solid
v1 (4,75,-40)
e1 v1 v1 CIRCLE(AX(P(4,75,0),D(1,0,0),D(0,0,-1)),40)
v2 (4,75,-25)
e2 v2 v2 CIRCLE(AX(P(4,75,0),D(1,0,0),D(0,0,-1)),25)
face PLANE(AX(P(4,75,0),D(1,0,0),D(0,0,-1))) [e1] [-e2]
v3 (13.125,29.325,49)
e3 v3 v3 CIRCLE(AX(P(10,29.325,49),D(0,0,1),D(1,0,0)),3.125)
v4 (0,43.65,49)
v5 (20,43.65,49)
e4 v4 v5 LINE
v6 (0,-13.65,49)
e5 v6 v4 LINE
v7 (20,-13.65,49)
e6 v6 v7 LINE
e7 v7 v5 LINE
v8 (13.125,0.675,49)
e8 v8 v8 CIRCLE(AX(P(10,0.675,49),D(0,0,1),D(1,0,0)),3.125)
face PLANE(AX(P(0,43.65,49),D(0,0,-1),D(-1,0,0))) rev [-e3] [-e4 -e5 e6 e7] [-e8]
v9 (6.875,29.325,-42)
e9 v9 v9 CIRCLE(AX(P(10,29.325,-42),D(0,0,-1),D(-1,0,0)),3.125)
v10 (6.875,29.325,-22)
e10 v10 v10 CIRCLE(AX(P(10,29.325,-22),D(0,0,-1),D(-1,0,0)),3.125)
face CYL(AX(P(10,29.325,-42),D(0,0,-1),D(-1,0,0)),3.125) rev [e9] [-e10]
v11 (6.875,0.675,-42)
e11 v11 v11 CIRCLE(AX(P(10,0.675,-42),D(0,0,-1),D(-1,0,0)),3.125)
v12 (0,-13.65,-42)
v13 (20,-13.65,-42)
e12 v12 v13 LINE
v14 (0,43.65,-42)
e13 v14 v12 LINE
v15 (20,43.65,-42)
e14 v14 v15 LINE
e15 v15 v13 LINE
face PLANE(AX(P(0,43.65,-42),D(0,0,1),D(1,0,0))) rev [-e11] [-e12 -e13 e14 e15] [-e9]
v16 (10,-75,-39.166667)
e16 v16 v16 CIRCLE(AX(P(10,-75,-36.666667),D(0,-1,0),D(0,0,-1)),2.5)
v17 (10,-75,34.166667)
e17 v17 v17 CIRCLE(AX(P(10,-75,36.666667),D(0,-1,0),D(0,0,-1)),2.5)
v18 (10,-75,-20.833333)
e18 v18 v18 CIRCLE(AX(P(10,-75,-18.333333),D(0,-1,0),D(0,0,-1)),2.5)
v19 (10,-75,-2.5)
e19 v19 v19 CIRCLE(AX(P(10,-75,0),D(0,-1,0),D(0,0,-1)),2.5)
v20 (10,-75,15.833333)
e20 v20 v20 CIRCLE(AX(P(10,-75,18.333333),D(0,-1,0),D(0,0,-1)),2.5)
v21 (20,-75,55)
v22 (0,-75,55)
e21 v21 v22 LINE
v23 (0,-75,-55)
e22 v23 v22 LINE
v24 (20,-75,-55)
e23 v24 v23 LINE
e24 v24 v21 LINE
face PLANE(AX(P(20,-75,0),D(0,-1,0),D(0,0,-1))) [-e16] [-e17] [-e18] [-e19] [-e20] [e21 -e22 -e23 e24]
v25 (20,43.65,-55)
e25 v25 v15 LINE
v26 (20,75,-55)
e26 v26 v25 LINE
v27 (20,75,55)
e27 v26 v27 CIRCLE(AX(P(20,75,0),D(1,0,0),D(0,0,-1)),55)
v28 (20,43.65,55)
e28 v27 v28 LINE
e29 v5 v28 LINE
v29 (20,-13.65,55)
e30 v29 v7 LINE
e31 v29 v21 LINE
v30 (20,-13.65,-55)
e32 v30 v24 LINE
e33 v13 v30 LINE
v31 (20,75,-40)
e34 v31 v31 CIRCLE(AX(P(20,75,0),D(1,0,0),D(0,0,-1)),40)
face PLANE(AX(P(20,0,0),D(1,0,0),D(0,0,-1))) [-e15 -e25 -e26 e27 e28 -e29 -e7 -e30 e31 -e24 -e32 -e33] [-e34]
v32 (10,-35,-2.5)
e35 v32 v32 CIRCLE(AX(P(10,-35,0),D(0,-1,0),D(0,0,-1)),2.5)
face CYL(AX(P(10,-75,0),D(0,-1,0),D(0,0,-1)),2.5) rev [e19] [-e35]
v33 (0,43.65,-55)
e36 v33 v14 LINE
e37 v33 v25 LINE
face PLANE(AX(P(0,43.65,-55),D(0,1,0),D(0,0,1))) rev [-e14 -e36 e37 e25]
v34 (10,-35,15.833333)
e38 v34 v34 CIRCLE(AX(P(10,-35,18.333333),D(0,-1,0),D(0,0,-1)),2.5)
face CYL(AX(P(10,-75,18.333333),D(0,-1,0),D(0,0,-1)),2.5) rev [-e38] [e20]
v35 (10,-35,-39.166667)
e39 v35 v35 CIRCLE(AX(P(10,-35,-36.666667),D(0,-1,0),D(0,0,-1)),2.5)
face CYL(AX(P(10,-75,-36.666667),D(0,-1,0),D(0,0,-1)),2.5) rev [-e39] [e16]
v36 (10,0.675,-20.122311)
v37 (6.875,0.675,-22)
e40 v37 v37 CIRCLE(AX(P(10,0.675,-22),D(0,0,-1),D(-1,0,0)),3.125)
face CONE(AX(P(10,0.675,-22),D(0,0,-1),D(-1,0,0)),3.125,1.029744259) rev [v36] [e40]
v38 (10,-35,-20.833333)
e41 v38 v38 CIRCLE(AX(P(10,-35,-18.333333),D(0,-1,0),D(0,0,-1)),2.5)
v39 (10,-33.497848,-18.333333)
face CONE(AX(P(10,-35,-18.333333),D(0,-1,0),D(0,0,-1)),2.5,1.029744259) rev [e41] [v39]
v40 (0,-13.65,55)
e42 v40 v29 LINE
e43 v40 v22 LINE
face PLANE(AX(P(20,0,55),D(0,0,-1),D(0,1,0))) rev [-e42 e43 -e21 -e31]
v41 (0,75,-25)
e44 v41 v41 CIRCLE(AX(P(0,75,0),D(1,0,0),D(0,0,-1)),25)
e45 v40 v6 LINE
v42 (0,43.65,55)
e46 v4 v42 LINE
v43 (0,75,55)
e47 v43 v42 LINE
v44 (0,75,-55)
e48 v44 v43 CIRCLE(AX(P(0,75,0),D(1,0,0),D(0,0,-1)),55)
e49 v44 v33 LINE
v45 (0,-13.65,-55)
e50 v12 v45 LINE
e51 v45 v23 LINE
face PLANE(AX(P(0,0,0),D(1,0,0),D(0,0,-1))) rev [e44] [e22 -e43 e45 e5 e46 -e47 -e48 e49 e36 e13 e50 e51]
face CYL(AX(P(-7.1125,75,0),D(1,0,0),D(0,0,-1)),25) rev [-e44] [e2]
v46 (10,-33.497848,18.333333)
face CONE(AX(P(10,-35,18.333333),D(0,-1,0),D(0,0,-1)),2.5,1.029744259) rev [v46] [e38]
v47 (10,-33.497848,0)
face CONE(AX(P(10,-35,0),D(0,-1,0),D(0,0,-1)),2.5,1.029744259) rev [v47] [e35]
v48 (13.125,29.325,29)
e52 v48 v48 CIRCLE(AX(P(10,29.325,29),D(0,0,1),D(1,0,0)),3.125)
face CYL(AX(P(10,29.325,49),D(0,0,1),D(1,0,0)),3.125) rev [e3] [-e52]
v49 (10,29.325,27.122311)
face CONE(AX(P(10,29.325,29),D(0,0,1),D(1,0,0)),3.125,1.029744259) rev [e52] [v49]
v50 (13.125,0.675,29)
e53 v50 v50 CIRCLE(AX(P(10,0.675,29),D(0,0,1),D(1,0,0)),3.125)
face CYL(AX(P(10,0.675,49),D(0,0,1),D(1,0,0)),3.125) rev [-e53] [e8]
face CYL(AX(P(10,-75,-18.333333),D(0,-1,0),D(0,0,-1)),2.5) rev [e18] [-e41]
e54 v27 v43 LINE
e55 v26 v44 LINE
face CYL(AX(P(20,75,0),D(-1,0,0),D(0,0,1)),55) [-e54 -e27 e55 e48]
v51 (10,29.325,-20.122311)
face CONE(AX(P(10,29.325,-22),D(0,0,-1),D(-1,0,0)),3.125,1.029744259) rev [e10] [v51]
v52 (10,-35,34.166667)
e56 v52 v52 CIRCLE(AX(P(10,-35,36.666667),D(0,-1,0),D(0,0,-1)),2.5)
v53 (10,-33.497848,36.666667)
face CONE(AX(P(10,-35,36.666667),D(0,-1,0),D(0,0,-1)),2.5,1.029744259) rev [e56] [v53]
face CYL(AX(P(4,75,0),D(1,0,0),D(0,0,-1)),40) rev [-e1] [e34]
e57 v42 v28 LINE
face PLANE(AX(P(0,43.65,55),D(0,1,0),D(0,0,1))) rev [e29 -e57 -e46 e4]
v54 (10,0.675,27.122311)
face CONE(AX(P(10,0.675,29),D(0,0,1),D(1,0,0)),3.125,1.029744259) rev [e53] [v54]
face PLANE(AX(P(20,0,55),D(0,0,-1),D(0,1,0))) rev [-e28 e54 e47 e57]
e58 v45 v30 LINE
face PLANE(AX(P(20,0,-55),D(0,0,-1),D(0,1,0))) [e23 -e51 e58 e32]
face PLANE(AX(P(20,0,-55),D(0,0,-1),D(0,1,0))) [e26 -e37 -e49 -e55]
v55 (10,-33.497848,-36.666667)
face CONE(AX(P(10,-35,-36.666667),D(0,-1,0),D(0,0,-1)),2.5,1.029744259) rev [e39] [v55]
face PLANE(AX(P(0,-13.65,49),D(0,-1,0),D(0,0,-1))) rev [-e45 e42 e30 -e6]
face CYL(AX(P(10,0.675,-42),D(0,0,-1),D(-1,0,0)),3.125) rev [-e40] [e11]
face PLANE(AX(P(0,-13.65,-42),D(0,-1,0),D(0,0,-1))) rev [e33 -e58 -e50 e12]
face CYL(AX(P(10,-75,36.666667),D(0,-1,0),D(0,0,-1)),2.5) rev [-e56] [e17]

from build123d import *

# Parameters (mm, degrees)
BOSS_EXTRUDE1_DEPTH              = 20
SKETCH3_R                        = 40
CUT_EXTRUDE1_DEPTH               = 16
SKETCH4_R                        = 25
CUT_EXTRUDE2_DEPTH               = 11.1125
TAP_DRILL_FOR_M6X1_0_TAP2_D      = 5
TAP_DRILL_FOR_M6X1_0_TAP2_DEPTH  = 40
TAP_DRILL_FOR_M6X1_0_TAP2_TIP    = 1.502151548
SKETCH12_W                       = 6
SKETCH12_H                       = 57.3
SKETCH12_W_2                     = 13
CUT_EXTRUDE3_DEPTH               = 20
TAP_DRILL_FOR_M6_HELICOIL1_D     = 6.25
TAP_DRILL_FOR_M6_HELICOIL1_DEPTH = 20
TAP_DRILL_FOR_M6_HELICOIL1_TIP   = 1.877689434
TAP_DRILL_FOR_M6_HELICOIL2_D     = 6.25
TAP_DRILL_FOR_M6_HELICOIL2_DEPTH = 20
TAP_DRILL_FOR_M6_HELICOIL2_TIP   = 1.877689434


with BuildPart() as part:
    # Sketch2 → Boss-Extrude1 (new body)
    with BuildSketch(Plane(origin=(0, 0, 0), x_dir=(0, 0, -1), z_dir=(1, 0, 0))):
        with BuildLine():
            Line((55, -75), (55, 75))
            ThreePointArc((55, 75), (0, 20), (-55, 75))
            Line((-55, 75), (-55, -75))
            Line((-55, -75), (55, -75))
        make_face()
        with BuildLine():
            ThreePointArc((-55, 75), (0, 20), (55, 75))
            Line((55, 75), (-55, 75))
        make_face()
        with BuildLine():
            Line((-55, 75), (55, 75))
            ThreePointArc((55, 75), (0, 130), (-55, 75))
        make_face()
    extrude(amount=BOSS_EXTRUDE1_DEPTH)

    # Sketch3 → Cut-Extrude1 (cut)
    with BuildSketch(Plane(origin=(20, 0, 0), x_dir=(0, 0, -1), z_dir=(1, 0, 0))):
        with Locations((0, 75)):
            Circle(SKETCH3_R)
    extrude(amount=-CUT_EXTRUDE1_DEPTH, mode=Mode.SUBTRACT)

    # Sketch4 → Cut-Extrude2 (cut)
    with BuildSketch(Plane(origin=(4, 0, 0), x_dir=(0, 0, -1), z_dir=(1, 0, 0))):
        with Locations((0, 75)):
            Circle(SKETCH4_R)
    extrude(amount=-CUT_EXTRUDE2_DEPTH, mode=Mode.SUBTRACT)

    # Tap Drill for M6x1.0 Tap2
    with Locations(Plane(origin=(0, -75, 0), x_dir=(-1, 0, 0), z_dir=(0, -1, 0))):
        with Locations((-10, -36.666666667), (-10, -18.333333333), (-10, 0), (-10, 18.333333333), (-10, 36.666666667)):
            Hole(TAP_DRILL_FOR_M6X1_0_TAP2_D / 2, depth=TAP_DRILL_FOR_M6X1_0_TAP2_DEPTH)
            with Locations((0, 0, -(TAP_DRILL_FOR_M6X1_0_TAP2_DEPTH + TAP_DRILL_FOR_M6X1_0_TAP2_TIP / 2))):  # 118° drill point
                Cone(0, TAP_DRILL_FOR_M6X1_0_TAP2_D / 2, TAP_DRILL_FOR_M6X1_0_TAP2_TIP, mode=Mode.SUBTRACT)

    # Sketch12 → Cut-Extrude3 (cut)
    with BuildSketch(Plane(origin=(20, 0, 0), x_dir=(0, 0, -1), z_dir=(1, 0, 0))):
        with Locations((-52, 15)):
            Rectangle(SKETCH12_W, SKETCH12_H)
        with Locations((48.5, 15)):
            Rectangle(SKETCH12_W_2, SKETCH12_H)
    extrude(amount=-CUT_EXTRUDE3_DEPTH, mode=Mode.SUBTRACT)

    # Tap Drill for M6 Helicoil1
    with Locations(Plane(origin=(10, 29.325, 49), x_dir=(1, 0, 0), z_dir=(0, 0, 1))):
        with Locations((0, 0), (0, -28.65)):
            Hole(TAP_DRILL_FOR_M6_HELICOIL1_D / 2, depth=TAP_DRILL_FOR_M6_HELICOIL1_DEPTH)
            with Locations((0, 0, -(TAP_DRILL_FOR_M6_HELICOIL1_DEPTH + TAP_DRILL_FOR_M6_HELICOIL1_TIP / 2))):  # 118° drill point
                Cone(0, TAP_DRILL_FOR_M6_HELICOIL1_D / 2, TAP_DRILL_FOR_M6_HELICOIL1_TIP, mode=Mode.SUBTRACT)

    # Tap Drill for M6 Helicoil2
    with Locations(Plane(origin=(0, 0, -42), x_dir=(-1, 0, 0), z_dir=(0, 0, -1))):
        with Locations((-10, 29.325), (-10, 0.675)):
            Hole(TAP_DRILL_FOR_M6_HELICOIL2_D / 2, depth=TAP_DRILL_FOR_M6_HELICOIL2_DEPTH)
            with Locations((0, 0, -(TAP_DRILL_FOR_M6_HELICOIL2_DEPTH + TAP_DRILL_FOR_M6_HELICOIL2_TIP / 2))):  # 118° drill point
                Cone(0, TAP_DRILL_FOR_M6_HELICOIL2_D / 2, TAP_DRILL_FOR_M6_HELICOIL2_TIP, mode=Mode.SUBTRACT)


solid = part.part
